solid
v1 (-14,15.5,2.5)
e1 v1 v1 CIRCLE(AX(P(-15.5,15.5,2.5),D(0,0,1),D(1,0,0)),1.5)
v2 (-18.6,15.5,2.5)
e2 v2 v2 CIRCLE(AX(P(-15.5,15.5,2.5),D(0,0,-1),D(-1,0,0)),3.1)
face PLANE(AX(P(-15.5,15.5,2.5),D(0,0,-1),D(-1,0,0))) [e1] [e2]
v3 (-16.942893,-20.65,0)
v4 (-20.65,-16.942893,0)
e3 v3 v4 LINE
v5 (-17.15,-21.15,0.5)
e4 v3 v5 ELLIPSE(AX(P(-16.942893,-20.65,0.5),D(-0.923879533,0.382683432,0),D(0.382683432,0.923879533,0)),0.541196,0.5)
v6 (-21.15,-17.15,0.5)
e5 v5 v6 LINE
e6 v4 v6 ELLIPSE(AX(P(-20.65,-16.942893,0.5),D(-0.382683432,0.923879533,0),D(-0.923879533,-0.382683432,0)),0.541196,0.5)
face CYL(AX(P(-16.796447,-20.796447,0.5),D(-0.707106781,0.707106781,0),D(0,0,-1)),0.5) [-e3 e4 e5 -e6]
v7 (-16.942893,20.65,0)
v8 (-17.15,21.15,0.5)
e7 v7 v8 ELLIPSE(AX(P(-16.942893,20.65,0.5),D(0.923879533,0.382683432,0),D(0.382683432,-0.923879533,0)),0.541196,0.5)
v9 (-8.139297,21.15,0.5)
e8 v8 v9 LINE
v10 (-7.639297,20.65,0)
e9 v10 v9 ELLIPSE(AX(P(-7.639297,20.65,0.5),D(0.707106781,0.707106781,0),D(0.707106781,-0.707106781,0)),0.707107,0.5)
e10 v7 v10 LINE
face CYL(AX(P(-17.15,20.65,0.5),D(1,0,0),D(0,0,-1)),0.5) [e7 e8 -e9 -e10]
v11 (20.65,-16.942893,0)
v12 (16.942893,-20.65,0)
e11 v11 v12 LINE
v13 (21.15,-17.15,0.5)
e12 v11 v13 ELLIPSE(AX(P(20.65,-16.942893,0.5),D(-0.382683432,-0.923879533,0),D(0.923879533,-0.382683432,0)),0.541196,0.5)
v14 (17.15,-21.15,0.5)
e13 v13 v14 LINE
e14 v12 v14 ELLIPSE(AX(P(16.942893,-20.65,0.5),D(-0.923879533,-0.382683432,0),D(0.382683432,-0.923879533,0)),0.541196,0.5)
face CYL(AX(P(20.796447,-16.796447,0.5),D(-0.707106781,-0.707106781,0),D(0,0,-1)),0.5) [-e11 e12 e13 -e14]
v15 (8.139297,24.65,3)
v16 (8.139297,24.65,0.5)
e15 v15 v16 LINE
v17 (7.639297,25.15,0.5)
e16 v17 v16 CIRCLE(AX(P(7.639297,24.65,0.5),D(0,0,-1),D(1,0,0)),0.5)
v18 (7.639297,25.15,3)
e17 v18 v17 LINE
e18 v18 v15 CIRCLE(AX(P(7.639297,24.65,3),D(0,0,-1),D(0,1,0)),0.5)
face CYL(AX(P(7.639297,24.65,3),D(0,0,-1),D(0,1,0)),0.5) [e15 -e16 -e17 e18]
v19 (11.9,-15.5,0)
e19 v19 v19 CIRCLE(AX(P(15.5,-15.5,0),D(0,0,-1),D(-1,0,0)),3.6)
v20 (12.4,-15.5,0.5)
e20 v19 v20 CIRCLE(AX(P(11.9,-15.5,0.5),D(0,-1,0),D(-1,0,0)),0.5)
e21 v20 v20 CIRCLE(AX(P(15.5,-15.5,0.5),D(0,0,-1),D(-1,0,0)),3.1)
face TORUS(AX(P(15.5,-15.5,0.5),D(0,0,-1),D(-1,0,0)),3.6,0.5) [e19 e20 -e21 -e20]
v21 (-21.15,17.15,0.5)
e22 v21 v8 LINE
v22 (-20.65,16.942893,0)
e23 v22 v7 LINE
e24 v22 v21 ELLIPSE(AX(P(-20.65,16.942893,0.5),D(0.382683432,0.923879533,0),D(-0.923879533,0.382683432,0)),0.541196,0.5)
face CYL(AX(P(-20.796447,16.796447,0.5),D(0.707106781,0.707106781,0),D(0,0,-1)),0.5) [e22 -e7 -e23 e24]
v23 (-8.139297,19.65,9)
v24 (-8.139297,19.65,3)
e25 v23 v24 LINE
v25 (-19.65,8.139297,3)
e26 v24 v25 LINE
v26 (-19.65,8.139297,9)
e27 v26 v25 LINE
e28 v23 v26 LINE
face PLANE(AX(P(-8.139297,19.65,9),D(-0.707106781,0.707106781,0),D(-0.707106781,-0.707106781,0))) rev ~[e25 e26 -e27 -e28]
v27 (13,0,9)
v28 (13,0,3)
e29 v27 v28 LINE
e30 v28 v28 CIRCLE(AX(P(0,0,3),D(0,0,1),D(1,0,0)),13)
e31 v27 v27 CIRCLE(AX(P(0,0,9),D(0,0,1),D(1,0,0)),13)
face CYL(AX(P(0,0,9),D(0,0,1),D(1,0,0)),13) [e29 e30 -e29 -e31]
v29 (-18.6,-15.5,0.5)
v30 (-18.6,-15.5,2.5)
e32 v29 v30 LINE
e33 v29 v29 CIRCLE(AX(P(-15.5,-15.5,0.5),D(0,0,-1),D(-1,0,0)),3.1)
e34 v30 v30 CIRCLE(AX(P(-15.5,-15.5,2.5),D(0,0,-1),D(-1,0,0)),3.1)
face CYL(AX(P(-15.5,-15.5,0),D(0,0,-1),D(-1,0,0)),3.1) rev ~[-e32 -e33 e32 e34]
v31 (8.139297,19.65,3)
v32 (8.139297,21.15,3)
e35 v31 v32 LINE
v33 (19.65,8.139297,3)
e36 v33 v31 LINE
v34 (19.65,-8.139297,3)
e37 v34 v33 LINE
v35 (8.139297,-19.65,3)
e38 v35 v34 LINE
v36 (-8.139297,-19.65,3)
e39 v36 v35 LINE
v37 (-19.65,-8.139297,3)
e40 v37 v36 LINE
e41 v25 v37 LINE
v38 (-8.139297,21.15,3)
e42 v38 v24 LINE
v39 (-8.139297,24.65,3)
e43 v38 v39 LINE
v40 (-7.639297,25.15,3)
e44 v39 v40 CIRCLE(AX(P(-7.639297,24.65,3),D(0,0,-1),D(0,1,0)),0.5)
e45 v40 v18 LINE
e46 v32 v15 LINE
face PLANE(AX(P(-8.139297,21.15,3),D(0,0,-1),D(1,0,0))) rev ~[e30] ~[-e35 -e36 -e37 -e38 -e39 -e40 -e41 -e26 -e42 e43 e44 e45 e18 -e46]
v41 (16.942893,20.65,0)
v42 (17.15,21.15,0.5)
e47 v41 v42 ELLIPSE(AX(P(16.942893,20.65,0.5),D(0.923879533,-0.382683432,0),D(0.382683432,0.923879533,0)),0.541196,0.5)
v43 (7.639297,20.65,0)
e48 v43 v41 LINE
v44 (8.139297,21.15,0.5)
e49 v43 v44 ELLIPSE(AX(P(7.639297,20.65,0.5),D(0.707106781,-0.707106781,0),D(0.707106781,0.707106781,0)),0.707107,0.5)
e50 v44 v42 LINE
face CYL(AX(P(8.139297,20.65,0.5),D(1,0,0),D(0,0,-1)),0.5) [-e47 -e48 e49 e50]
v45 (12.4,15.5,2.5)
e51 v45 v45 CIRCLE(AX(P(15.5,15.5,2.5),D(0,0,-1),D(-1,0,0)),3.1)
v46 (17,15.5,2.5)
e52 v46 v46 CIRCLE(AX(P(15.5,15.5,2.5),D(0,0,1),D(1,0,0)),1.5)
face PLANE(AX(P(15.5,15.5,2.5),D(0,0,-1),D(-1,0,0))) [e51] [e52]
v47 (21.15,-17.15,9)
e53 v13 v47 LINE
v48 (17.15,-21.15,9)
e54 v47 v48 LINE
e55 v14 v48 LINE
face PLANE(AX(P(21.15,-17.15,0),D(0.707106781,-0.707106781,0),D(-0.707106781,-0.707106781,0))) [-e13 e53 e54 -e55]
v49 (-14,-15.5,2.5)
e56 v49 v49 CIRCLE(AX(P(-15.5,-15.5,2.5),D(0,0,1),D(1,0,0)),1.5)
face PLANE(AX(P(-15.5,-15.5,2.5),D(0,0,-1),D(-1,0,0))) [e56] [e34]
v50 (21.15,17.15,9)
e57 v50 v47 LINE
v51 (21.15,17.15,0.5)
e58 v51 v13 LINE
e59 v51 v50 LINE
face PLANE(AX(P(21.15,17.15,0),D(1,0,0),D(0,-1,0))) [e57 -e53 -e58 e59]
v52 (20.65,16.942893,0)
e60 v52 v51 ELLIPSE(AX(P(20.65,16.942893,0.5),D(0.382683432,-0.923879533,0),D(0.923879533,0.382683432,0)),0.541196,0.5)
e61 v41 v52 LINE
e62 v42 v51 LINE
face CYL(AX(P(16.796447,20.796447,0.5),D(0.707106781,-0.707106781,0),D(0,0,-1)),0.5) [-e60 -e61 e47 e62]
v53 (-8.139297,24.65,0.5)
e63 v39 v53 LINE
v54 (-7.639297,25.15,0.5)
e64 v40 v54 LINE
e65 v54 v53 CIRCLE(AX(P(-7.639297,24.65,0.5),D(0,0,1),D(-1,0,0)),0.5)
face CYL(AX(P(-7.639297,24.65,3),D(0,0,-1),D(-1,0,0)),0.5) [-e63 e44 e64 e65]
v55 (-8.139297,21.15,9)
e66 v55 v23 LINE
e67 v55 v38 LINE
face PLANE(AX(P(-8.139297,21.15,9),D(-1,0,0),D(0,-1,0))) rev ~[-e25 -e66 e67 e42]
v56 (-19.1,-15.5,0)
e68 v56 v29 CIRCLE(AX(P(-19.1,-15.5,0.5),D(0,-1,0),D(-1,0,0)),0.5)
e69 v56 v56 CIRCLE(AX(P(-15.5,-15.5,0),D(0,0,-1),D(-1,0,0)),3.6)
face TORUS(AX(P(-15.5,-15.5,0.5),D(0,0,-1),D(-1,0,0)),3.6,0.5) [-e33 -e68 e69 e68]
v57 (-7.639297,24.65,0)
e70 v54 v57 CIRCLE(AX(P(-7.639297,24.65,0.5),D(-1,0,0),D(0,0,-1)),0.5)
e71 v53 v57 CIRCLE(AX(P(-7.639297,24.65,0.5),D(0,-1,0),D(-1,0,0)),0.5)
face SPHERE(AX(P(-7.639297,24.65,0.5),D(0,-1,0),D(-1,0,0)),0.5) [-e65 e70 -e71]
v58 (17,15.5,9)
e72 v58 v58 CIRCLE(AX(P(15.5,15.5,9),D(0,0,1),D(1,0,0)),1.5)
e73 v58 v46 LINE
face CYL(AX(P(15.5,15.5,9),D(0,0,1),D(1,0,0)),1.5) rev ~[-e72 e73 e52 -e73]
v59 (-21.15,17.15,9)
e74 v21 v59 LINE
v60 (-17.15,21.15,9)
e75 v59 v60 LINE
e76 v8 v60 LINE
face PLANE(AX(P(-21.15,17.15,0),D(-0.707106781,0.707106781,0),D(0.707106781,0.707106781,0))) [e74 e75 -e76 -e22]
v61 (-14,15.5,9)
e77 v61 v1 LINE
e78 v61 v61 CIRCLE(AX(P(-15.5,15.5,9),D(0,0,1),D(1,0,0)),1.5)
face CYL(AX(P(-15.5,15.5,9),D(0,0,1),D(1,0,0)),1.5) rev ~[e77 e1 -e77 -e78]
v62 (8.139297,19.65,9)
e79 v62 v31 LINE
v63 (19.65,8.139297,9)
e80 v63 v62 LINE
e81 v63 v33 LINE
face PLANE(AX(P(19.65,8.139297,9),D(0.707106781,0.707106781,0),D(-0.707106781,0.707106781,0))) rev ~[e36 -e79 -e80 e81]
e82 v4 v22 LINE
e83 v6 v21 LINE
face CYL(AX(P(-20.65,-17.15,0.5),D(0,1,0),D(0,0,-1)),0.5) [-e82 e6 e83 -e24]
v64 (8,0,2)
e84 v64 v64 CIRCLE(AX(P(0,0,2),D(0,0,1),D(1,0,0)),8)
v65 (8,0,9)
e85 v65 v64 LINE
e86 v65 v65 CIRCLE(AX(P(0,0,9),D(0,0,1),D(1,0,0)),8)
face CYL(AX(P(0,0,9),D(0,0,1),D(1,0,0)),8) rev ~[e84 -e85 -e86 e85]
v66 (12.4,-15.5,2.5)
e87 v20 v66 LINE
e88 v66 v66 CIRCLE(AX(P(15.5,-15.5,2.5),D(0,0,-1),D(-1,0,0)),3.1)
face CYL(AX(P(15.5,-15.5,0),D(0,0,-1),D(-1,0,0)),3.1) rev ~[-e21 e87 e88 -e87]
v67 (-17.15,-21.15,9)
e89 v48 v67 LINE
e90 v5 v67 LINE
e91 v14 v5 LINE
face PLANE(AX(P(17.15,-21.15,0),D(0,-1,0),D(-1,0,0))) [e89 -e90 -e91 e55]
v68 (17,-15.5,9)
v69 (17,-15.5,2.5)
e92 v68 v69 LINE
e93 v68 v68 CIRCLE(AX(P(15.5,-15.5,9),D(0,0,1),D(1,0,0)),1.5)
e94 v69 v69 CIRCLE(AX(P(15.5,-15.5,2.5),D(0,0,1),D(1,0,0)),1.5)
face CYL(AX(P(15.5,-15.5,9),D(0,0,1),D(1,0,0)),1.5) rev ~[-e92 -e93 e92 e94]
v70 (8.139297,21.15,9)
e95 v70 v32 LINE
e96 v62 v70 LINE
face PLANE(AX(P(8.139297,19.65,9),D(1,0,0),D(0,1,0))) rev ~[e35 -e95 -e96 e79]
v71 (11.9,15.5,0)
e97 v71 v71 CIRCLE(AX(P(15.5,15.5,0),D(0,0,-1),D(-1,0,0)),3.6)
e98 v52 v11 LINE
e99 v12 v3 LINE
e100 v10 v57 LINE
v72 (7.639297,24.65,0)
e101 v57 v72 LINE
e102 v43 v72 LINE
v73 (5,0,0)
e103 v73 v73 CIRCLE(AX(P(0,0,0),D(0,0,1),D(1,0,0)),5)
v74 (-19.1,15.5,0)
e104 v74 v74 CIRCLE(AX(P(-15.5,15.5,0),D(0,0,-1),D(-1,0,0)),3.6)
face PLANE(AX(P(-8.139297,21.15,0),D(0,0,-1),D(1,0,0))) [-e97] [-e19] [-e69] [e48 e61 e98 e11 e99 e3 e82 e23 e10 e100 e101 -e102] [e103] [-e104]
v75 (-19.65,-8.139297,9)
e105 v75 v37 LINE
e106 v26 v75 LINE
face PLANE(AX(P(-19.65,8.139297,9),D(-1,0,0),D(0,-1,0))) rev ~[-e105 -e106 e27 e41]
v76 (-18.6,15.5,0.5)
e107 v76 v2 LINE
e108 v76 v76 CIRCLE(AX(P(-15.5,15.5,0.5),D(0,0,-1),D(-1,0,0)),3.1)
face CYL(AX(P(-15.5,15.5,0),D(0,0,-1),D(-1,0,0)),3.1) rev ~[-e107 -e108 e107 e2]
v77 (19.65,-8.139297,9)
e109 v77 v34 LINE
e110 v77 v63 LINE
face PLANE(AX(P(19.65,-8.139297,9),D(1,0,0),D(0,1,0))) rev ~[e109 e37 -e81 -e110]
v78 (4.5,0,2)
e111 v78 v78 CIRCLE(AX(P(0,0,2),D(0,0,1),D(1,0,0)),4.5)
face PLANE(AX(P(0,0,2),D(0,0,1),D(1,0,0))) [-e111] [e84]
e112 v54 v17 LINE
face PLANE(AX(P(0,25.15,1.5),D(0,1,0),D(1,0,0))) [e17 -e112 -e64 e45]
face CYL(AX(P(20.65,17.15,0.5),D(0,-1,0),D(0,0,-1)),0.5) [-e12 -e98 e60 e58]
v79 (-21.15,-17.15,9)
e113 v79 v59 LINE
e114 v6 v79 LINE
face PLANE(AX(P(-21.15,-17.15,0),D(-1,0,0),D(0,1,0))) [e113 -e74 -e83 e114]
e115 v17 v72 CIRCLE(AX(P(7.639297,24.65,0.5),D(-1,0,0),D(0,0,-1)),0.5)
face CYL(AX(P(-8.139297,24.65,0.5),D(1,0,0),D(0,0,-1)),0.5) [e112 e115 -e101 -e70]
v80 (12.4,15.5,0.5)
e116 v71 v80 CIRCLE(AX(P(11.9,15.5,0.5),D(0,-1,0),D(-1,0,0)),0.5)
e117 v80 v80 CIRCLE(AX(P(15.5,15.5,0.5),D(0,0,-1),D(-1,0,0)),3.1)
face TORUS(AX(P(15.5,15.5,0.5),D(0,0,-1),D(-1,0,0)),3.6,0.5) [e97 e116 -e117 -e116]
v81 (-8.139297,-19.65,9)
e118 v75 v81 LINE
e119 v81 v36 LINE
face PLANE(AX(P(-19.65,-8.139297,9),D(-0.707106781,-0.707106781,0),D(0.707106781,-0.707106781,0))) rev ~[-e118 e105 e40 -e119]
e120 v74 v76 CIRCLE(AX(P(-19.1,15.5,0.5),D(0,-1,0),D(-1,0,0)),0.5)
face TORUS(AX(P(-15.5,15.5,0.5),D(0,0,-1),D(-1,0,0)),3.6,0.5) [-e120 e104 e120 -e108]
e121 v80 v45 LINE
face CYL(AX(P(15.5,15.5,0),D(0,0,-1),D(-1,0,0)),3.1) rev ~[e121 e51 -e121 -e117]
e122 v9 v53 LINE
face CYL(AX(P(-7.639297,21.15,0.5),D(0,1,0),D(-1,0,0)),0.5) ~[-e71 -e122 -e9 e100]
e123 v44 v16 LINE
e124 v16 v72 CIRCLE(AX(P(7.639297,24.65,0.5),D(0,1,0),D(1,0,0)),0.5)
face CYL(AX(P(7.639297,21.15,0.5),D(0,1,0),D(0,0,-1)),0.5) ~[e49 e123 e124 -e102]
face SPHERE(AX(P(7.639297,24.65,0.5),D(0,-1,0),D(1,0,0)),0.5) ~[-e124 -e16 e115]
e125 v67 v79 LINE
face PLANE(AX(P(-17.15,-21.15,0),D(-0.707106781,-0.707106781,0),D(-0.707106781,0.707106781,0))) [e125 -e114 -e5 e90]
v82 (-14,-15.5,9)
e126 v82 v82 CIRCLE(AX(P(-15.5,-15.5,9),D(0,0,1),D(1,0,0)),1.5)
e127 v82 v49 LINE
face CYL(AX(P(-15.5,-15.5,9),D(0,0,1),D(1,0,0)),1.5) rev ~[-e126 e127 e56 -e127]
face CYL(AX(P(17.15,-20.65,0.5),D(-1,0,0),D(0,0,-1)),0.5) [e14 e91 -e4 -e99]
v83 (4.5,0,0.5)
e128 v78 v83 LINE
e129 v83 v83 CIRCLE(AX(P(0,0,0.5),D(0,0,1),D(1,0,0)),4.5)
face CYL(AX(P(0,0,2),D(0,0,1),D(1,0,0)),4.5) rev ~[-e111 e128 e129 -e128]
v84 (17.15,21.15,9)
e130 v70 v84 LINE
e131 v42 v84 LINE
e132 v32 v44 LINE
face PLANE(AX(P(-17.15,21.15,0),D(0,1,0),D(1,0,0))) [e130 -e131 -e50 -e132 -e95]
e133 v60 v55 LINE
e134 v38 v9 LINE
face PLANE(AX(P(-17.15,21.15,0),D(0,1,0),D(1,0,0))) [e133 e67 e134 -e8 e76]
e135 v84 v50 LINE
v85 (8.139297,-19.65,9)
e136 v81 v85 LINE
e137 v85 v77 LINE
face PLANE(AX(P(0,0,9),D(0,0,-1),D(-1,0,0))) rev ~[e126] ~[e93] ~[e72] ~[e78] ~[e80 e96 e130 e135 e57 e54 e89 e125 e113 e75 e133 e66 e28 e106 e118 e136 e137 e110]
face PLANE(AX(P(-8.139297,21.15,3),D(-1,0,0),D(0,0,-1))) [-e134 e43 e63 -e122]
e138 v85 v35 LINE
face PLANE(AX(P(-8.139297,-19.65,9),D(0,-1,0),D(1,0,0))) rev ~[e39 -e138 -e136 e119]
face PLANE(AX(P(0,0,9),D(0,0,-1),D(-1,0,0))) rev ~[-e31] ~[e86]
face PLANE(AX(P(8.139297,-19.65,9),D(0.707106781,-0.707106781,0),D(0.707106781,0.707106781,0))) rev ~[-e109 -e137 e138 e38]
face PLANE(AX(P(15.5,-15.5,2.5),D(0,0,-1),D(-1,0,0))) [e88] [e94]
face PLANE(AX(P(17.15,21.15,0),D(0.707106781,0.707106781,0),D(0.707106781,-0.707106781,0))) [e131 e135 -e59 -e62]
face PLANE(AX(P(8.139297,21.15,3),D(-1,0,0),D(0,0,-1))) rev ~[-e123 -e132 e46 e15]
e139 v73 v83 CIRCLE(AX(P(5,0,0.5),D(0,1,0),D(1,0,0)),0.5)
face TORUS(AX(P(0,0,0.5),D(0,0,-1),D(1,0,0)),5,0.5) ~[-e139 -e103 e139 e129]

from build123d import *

# Parameters (mm, degrees)
BOSS_EXTRUDE1_DEPTH = 9
SKETCH9_R           = 13
CUT_EXTRUDE6_DEPTH  = 6
SKETCH10_R          = 8
CUT_EXTRUDE7_DEPTH  = 7
SKETCH11_R          = 4.5
CUT_EXTRUDE8_DEPTH  = 3
SKETCH13_R          = 1.5
CUT_EXTRUDE9_DEPTH  = 10
SKETCH14_R          = 3.1
CUT_EXTRUDE11_DEPTH = 2.5
SKETCH15_W          = 16.278593002
SKETCH15_H          = 3
BOSS_EXTRUDE3_DEPTH = 4
FILLET4_R           = 0.5


with BuildPart() as part:
    # Sketch2 → Boss-Extrude1 (new body)
    with BuildSketch(Plane.XY):
        Polygon((-21.15, 17.15), (-17.15, 21.15), (17.15, 21.15), (21.15, 17.15), (21.15, -17.15), (17.15, -21.15), (-17.15, -21.15), (-21.15, -17.15), align=None)
    extrude(amount=BOSS_EXTRUDE1_DEPTH)

    # Sketch9 → Cut-Extrude6 (cut)
    with BuildSketch(Plane.XY.offset(9)):
        Polygon((-8.139296501, 19.65), (-19.65, 8.139296501), (-19.65, -8.139296501), (-8.139296501, -19.65), (8.139296501, -19.65), (19.65, -8.139296501), (19.65, 8.139296501), (8.139296501, 19.65), (8.139296501, 21.15), (-8.139296501, 21.15), align=None)
        Circle(SKETCH9_R, mode=Mode.SUBTRACT)
    extrude(amount=-CUT_EXTRUDE6_DEPTH, mode=Mode.SUBTRACT)

    # Sketch10 → Cut-Extrude7 (cut)
    with BuildSketch(Plane.XY.offset(9)):
        Circle(SKETCH10_R)
    extrude(amount=-CUT_EXTRUDE7_DEPTH, mode=Mode.SUBTRACT)

    # Sketch11 → Cut-Extrude8 (cut, through all)
    with BuildSketch(Plane.XY.offset(2)):
        Circle(SKETCH11_R)
    extrude(amount=-CUT_EXTRUDE8_DEPTH, mode=Mode.SUBTRACT)

    # Sketch13 → Cut-Extrude9 (cut, through all)
    with BuildSketch(Plane.XY.offset(9)):
        with Locations((-15.5, -15.5)):
            Circle(SKETCH13_R)
        with Locations((-15.5, 15.5)):
            Circle(SKETCH13_R)
        with Locations((15.5, 15.5)):
            Circle(SKETCH13_R)
        with Locations((15.5, -15.5)):
            Circle(SKETCH13_R)
    extrude(amount=-CUT_EXTRUDE9_DEPTH, mode=Mode.SUBTRACT)

    # Sketch14 → Cut-Extrude11 (cut)
    with BuildSketch(Plane(origin=(0, 0, 0), x_dir=(-1, 0, 0), z_dir=(0, 0, -1))):
        with Locations((-15.5, 15.5)):
            Circle(SKETCH14_R)
        with Locations((15.5, 15.5)):
            Circle(SKETCH14_R)
        with Locations((-15.5, -15.5)):
            Circle(SKETCH14_R)
        with Locations((15.5, -15.5)):
            Circle(SKETCH14_R)
    extrude(amount=-CUT_EXTRUDE11_DEPTH, mode=Mode.SUBTRACT)

    # Sketch15 → Boss-Extrude3 (add)
    with BuildSketch(Plane(origin=(0, 21.15, 0), x_dir=(1, 0, 0), z_dir=(0, 1, 0))):
        with Locations((0, -1.5)):
            Rectangle(SKETCH15_W, SKETCH15_H)
    extrude(amount=BOSS_EXTRUDE3_DEPTH)

    # Fillet4
    fillet4_edges = [part.edges().sort_by_distance(p)[0] for p in [
        (-19.15, -19.15, 0),
        (-21.15, 0, 0),
        (-12.64464825, 21.15, 0),
        (-8.139296501, 23.15, 0),
        (8.139296501, 23.15, 0),
        (-8.139296501, 25.15, 1.5),
        (8.139296501, 25.15, 1.5),
        (0, 25.15, 0),
        (-4.5, 0, 0),
        (-19.15, 19.15, 0),
        (12.64464825, 21.15, 0),
        (19.15, 19.15, 0),
        (-12.4, 15.5, 0),
        (21.15, 0, 0),
        (18.6, -15.5, 0),
        (-12.4, -15.5, 0),
        (19.15, -19.15, 0),
        (18.6, 15.5, 0),
        (0, -21.15, 0),
    ]]
    fillet(fillet4_edges, radius=FILLET4_R)


solid = part.part
